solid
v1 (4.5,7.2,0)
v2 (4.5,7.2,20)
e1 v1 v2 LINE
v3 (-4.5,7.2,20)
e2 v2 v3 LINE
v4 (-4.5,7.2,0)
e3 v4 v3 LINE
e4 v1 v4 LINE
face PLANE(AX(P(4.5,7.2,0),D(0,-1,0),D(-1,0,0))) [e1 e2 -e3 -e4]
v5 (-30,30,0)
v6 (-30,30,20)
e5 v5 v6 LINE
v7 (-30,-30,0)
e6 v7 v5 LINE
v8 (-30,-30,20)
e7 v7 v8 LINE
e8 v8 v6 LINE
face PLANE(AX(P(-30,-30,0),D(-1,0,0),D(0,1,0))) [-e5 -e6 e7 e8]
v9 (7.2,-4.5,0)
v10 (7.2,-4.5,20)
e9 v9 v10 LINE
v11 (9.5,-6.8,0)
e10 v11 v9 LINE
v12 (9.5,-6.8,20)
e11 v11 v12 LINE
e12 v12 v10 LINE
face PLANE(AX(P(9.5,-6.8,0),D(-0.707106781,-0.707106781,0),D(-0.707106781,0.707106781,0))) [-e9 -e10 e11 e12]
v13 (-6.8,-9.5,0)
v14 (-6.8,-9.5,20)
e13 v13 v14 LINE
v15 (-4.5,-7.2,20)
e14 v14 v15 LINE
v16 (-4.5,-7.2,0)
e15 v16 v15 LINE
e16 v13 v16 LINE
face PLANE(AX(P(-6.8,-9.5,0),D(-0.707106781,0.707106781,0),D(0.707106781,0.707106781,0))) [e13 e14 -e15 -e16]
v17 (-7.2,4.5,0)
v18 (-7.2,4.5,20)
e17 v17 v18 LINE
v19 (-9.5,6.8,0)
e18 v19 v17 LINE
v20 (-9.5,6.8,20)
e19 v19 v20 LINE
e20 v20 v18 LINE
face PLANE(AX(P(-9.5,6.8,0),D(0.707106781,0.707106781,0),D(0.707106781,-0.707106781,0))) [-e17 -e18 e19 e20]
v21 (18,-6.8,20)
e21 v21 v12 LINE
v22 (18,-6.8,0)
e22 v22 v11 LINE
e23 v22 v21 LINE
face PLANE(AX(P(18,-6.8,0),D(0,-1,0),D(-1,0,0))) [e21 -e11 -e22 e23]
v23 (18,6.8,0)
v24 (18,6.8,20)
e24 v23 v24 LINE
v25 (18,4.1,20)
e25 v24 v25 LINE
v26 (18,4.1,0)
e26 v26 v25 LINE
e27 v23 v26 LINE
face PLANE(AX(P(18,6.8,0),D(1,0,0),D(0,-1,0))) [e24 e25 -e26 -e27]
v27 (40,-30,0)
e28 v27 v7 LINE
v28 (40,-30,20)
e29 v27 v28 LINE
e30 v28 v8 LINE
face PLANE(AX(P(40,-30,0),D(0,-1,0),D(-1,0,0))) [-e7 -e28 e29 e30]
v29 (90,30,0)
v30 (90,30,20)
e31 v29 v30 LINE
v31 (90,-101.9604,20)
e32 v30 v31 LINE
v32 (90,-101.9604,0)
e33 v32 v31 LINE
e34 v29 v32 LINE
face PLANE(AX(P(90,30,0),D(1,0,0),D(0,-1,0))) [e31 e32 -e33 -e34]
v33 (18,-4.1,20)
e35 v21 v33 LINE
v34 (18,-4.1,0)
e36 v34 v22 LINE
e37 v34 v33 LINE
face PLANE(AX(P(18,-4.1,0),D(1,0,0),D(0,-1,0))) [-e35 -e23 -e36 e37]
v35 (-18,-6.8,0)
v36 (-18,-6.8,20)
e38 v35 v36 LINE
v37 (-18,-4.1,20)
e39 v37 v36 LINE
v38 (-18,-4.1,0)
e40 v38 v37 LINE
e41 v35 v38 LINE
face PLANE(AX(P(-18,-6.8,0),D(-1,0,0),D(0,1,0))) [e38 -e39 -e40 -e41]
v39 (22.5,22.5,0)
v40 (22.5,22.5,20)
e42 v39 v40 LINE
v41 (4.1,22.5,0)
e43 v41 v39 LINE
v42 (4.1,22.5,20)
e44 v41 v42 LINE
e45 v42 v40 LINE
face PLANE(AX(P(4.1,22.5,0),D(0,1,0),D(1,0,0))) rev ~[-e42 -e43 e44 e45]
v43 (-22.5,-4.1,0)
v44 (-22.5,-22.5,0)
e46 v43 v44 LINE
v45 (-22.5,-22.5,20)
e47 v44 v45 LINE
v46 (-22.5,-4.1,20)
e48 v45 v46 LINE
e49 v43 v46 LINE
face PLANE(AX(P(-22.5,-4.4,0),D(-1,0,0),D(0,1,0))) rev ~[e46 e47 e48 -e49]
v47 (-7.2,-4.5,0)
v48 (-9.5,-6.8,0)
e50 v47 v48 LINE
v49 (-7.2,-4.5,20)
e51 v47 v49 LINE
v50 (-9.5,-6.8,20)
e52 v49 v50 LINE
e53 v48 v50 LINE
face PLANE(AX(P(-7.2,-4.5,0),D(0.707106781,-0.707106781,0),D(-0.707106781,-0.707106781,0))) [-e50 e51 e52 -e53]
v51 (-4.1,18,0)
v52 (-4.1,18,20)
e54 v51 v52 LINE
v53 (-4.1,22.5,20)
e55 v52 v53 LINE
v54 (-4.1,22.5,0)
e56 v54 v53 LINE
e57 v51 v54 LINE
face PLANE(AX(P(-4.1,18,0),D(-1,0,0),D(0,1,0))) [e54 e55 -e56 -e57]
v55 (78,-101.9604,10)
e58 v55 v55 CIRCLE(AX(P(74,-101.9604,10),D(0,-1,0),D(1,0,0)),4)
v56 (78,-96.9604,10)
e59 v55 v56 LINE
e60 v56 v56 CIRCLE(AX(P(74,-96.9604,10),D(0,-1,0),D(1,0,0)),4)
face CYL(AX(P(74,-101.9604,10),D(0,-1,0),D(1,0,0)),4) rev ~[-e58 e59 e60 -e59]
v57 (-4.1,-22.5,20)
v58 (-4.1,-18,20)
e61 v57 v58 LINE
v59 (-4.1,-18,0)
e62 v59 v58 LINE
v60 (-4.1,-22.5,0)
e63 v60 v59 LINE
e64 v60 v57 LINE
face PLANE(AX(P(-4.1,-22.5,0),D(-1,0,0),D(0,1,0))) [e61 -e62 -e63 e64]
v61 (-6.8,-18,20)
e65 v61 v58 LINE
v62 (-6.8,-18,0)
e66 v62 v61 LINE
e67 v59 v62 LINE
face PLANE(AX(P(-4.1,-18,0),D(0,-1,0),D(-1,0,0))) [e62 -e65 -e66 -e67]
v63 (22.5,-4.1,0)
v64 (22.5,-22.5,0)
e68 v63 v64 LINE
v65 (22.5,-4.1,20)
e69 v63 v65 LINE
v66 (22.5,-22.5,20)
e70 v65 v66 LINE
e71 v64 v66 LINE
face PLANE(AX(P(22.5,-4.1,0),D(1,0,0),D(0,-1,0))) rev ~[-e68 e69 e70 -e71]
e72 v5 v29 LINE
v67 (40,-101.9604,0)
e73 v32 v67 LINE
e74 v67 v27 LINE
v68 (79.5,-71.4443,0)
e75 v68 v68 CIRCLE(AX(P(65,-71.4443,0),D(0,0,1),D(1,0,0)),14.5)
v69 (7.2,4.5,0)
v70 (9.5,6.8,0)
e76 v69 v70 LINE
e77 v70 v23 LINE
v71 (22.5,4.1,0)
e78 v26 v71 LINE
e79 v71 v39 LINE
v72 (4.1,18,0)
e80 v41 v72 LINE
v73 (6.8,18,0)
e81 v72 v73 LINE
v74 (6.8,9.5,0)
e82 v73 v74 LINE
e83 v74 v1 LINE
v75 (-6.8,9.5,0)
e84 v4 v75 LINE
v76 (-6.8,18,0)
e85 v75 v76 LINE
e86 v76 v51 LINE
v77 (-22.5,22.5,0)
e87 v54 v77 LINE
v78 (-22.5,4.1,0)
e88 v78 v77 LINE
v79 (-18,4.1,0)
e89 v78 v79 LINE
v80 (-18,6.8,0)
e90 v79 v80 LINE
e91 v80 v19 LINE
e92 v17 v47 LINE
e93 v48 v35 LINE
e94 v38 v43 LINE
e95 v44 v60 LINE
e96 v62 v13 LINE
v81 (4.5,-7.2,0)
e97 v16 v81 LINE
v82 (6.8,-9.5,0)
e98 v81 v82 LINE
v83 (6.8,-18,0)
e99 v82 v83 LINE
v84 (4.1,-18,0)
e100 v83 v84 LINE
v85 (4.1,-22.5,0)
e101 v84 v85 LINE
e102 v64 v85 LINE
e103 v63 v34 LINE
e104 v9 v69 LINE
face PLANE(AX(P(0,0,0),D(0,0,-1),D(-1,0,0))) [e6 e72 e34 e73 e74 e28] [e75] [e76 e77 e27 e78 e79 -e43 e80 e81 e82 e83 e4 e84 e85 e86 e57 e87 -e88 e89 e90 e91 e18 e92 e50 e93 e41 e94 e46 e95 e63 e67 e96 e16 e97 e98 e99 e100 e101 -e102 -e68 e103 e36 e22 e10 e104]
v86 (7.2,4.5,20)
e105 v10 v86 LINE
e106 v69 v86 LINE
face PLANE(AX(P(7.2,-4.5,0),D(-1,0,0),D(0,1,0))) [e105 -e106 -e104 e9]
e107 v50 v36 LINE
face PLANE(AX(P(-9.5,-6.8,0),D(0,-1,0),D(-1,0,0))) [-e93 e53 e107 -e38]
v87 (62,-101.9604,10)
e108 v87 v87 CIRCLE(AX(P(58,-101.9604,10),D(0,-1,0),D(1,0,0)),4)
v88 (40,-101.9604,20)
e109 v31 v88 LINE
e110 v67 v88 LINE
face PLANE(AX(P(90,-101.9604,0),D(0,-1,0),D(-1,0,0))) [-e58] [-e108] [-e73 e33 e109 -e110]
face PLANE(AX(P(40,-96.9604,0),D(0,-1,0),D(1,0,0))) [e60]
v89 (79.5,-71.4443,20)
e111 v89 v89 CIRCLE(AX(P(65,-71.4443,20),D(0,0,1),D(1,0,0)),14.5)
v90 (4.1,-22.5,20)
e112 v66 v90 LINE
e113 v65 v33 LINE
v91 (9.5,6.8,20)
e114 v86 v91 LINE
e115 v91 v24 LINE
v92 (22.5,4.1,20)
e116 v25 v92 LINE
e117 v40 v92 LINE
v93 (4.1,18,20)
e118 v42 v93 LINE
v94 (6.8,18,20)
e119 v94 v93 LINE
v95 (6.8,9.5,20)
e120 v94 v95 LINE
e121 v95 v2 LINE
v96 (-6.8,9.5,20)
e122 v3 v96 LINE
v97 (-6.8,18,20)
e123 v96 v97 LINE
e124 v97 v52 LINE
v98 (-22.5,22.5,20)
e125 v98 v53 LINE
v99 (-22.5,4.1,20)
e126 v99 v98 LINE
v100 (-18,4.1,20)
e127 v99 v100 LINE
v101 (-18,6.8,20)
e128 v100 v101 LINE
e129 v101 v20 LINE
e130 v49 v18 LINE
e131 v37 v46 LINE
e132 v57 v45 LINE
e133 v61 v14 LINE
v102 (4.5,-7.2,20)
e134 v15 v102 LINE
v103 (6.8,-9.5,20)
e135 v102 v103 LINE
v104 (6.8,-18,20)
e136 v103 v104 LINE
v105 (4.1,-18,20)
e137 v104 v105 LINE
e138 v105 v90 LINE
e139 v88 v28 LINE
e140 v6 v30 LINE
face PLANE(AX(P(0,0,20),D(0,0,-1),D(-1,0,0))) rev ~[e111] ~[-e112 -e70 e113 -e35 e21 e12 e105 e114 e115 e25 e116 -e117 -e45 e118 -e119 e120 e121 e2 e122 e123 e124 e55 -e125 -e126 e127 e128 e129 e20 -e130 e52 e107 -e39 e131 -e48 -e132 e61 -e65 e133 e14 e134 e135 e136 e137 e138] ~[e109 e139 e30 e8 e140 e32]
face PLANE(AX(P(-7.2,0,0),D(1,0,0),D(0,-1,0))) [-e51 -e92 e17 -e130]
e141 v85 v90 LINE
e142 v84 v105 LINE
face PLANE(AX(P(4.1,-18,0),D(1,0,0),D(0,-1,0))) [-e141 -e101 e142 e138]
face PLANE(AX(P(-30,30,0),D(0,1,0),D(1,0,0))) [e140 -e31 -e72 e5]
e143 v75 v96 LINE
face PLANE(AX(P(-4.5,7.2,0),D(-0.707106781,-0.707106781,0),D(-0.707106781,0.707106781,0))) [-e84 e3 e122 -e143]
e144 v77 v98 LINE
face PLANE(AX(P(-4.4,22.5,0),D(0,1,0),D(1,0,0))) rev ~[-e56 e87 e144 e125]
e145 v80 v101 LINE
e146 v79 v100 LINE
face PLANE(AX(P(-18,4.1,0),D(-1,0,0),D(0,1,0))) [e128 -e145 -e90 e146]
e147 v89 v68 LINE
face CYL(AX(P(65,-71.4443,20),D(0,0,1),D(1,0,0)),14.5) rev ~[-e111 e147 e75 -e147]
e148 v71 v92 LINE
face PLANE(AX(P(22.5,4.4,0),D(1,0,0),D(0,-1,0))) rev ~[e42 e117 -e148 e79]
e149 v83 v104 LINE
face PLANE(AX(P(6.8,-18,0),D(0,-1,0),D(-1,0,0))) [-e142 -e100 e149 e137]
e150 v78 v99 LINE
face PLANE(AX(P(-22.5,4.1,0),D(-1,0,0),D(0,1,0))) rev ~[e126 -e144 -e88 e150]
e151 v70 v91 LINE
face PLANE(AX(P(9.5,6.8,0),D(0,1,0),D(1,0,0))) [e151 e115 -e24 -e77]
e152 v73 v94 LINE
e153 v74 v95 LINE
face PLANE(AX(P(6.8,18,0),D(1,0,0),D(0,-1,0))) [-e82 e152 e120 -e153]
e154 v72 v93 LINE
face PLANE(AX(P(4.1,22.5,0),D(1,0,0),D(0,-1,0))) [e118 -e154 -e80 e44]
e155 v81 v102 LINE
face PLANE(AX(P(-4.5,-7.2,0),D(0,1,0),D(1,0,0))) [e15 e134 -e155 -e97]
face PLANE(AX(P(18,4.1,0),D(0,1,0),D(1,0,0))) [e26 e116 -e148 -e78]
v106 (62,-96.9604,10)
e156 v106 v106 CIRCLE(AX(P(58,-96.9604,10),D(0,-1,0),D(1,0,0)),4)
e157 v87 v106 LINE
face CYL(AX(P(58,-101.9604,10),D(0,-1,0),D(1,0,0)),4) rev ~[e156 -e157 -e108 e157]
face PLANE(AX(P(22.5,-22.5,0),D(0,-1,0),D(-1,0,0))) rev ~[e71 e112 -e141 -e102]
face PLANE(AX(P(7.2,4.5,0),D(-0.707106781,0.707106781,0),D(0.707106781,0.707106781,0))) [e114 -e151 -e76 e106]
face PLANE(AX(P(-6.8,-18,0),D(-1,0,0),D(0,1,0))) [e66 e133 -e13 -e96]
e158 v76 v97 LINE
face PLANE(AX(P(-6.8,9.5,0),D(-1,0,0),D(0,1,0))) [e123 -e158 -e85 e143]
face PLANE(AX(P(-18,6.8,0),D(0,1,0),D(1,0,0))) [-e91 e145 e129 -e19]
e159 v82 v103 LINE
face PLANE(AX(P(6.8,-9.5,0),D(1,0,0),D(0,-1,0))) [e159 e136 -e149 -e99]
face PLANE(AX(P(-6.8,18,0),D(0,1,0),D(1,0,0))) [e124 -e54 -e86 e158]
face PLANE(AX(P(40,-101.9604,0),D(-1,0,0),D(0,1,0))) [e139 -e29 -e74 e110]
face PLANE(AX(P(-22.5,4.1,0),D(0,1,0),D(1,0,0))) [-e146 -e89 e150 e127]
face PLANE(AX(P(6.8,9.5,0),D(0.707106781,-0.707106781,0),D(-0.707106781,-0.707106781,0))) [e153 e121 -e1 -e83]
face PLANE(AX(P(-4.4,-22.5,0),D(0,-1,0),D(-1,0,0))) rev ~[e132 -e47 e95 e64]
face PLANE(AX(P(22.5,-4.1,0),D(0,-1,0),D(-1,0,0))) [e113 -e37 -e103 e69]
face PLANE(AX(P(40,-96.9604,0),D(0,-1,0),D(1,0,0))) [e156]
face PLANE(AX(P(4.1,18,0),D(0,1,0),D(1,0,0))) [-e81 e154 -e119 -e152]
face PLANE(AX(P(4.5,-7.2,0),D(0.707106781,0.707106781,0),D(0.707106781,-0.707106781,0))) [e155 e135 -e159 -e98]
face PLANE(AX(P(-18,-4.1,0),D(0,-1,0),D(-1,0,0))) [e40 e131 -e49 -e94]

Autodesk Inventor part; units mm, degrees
ref_plane "YZ Plane" through (0, 0, 0) normal (1, 0, 0) x (0, 1, 0)
ref_plane "XZ Plane" through (0, 0, 0) normal (0, 1, 0) x (-1, 0, 0)
ref_plane "XY Plane" through (0, 0, 0) normal (0, 0, 1) x (1, 0, 0)
sketch "Sketch1" plane through (0, 0, 0) normal (0, 0, 1) x (1, 0, 0)
  line L0 (-4.1, -22.5) -> (-4.1, -18)
  line L1 (-4.6, -18) -> (-6.8, -18)
  line L2 (-6.8, -18) -> (-6.8, -9.5)
  line L3 (-6.8, -9.5) -> (-4.5, -7.2)
  line L4 (-4.5, -7.2) -> (4.5, -7.2)
  line L5 (4.5, -7.2) -> (6.8, -9.5)
  line L6 (6.8, -9.5) -> (6.8, -18)
  line L7 (4.1, -18) -> (4.1, -22.5)
  line L8 (22.5, -4.1) -> (18, -4.1)
  line L9 (18, -4.6) -> (18, -6.8)
  line L10 (18, -6.8) -> (9.5, -6.8)
  line L11 (9.5, -6.8) -> (7.2, -4.5)
  line L12 (7.2, -4.5) -> (7.2, 4.5)
  line L13 (7.2, 4.5) -> (9.5, 6.8)
  line L14 (9.5, 6.8) -> (18, 6.8)
  line L15 (18, 4.1) -> (22.5, 4.1)
  line L16 (22.5, 22.5) -> (22.5, 4.4)
  line L17 (4.1, 22.5) -> (4.1, 18)
  line L18 (4.6, 18) -> (6.8, 18)
  line L19 (6.8, 18) -> (6.8, 9.5)
  line L20 (6.8, 9.5) -> (4.5, 7.2)
  line L21 (4.5, 7.2) -> (-4.5, 7.2)
  line L22 (-4.5, 7.2) -> (-6.8, 9.5)
  line L23 (-6.8, 9.5) -> (-6.8, 18)
  line L24 (-4.1, 18) -> (-4.1, 22.5)
  line L25 (-22.5, 22.5) -> (-4.4, 22.5)
  line L26 (-22.5, 4.1) -> (-18, 4.1)
  line L27 (-18, 6.8) -> (-9.5, 6.8)
  line L28 (-9.5, 6.8) -> (-7.2, 4.5)
  line L29 (-7.2, 4.5) -> (-7.2, -4.5)
  line L30 (-7.2, -4.5) -> (-9.5, -6.8)
  line L31 (-9.5, -6.8) -> (-18, -6.8)
  line L32 (-18, -6.8) -> (-18, -4.6)
  line L33 (-18, -4.1) -> (-22.5, -4.1)
  line L34 (-22.5, -22.5) -> (-22.5, -4.4)
  line L35 (-4.4, -22.5) -> (-22.5, -22.5)
  line L36 (-6.8, 18) -> (-4.1, 18)
  line L37 (4.1, 18) -> (4.6, 18)
  line L38 (-4.4, 22.5) -> (-3.1, 22.5)
  line L39 (3.1, 22.5) -> (22.5, 22.5)
  line L40 (18, 6.8) -> (18, 4.1)
  line L41 (18, -4.1) -> (18, -4.6)
  line L42 (22.5, 4.4) -> (22.5, 3.1)
  line L43 (22.5, -4.1) -> (22.5, -22.5)
  line L44 (6.8, -18) -> (4.1, -18)
  line L45 (-4.1, -18) -> (-4.6, -18)
  line L46 (22.5, -22.5) -> (4.1, -22.5)
  line L47 (-4.1, -22.5) -> (-4.4, -22.5)
  line L48 (-22.5, -4.4) -> (-22.5, -3.1)
  line L49 (-22.5, 3.1) -> (-22.5, 22.5)
  line L50 (-18, -4.6) -> (-18, -4.1)
  line L51 (-18, 4.1) -> (-18, 6.8)
  line L52 (-24.5, 24.5) -> (24.5, 24.5)
  line L53 (24.5, 24.5) -> (24.5, -24.5)
  line L54 (24.5, -24.5) -> (-24.5, -24.5)
  line L55 (-24.5, -24.5) -> (-24.5, 24.5)
  line L56 (-22.5, 3.1) -> (-17, 3.1)
  line L57 (-17, 5.8) -> (-9.5, 5.8)
  line L58 (-17, 3.1) -> (-17, 5.8)
  line L59 (-8.2, 4.5) -> (-8.2, 0)
  line L60 (-8.2, 4.5) -> (-9.5, 5.8)
  line L61 (-8.2, 4.5) -> (-5.6544, 4.5) construction
  line L62 (-24.5, 0) -> (0, 0)
  line L63 (-22.5, -3.1) -> (-17, -3.1)
  line L64 (-17, -3.1) -> (-17, -5.8)
  line L65 (-17, -5.8) -> (-9.5, -5.8)
  line L66 (-8.2, -4.5) -> (-8.2, 0)
  line L67 (-8.2, -4.5) -> (-9.5, -5.8)
  line L68 (-5.8, -17) -> (-5.8, -9.5)
  line L69 (-4.5, -8.2) -> (-5.8, -9.5)
  line L70 (-4.5, -8.2) -> (0, -8.2)
  line L71 (4.5, -8.2) -> (0, -8.2)
  line L72 (4.5, -8.2) -> (5.8, -9.5)
  line L73 (5.8, -17) -> (5.8, -9.5)
  line L74 (3.1, -17) -> (5.8, -17)
  line L75 (3.1, -22.5) -> (3.1, -17)
  line L76 (-3.1, -17) -> (-5.8, -17)
  line L77 (-3.1, -22.5) -> (-3.1, -17)
  line L78 (17, -5.8) -> (9.5, -5.8)
  line L79 (8.2, -4.5) -> (9.5, -5.8)
  line L80 (8.2, -4.5) -> (8.2, 0)
  line L81 (8.2, 4.5) -> (8.2, 0)
  line L82 (8.2, 4.5) -> (9.5, 5.8)
  line L83 (17, 5.8) -> (9.5, 5.8)
  line L84 (17, 3.1) -> (17, 5.8)
  line L85 (22.5, 3.1) -> (17, 3.1)
  line L86 (17, -3.1) -> (17, -5.8)
  line L87 (22.5, -3.1) -> (17, -3.1)
  line L88 (5.8, 17) -> (5.8, 9.5)
  line L89 (4.5, 8.2) -> (5.8, 9.5)
  line L90 (4.5, 8.2) -> (0, 8.2)
  line L91 (-4.5, 8.2) -> (0, 8.2)
  line L92 (-4.5, 8.2) -> (-5.8, 9.5)
  line L93 (-5.8, 17) -> (-5.8, 9.5)
  line L94 (-3.1, 17) -> (-5.8, 17)
  line L95 (-3.1, 22.5) -> (-3.1, 17)
  line L96 (3.1, 17) -> (5.8, 17)
  line L97 (3.1, 22.5) -> (3.1, 17)
  line L98 (22.5, -4.1) -> (22.5, -3.1)
  line L99 (4.1, -22.5) -> (3.1, -22.5)
  line L100 (-3.1, -22.5) -> (-4.1, -22.5)
  dimension "d7" = 45
  dimension "d8" = 49
  dimension "d9" = 49
  dimension "d11" = 24.5
  dimension "d12" = 24.5
  dimension "d13" = 1
  dimension "d14" = 1
  dimension "d15" = 1
  dimension "d16" = 135
  dimension "d17" = 4.5
  dimension "d20" = 360
extrude "Extrusion3" add sketch "Sketch1" along normal blind 20 contours L55 L52 L53 L54 | L0 L45 L1 L2 L3 L4 L5 L6 L44 L7 L99 L75 L74 L73 L72 L71 L70 L69 L68 L76 L77 L100 | L48 L63 L64 L65 L67 L66 L62 L29 L30 L31 L32 L50 L33 | L62 L59 L60 L57 L58 L56 L49 L26 L51 L27 L28 L29 | L8 L41 L9 L10 L11 L12 L13 L14 L40 L15 L42 L85 L84 L83 L82 L81 L80 L79 L78 L86 L87 L98 | L38 L95 L94 L93 L92 L91 L90 L89 L88 L96 L97 L39 L17 L37 L18 L19 L20 L21 L22 L23 L36 L24
sketch "Sketch3" plane through (0, 0, 0) normal (0, 0, -1) x (-1, 0, 0)
  line L0 (24.5, -24.5) -> (24.5, 24.5) projected
  line L1 (24.5, 24.5) -> (-24.5, 24.5) projected
  line L2 (-24.5, 24.5) -> (-24.5, -24.5) projected
  line L3 (-24.5, -24.5) -> (24.5, -24.5) projected
  line L4 (30, 30) -> (-90, 30)
  line L5 (-40, -30) -> (30, -30)
  line L6 (30, -30) -> (30, 30)
  line L7 (-90, -101.9604) -> (-40, -101.9604)
  line L8 (-40, -101.9604) -> (-40, -30)
  line L9 (-90, 30) -> (-90, -101.9604)
  point P0 (0, 0)
  dimension "d25" = 60
  dimension "d26" = 5.5
  dimension "d27" = 49
  dimension "d28" = 5.5
  dimension "d32" = 120
extrude "Extrusion4" add sketch "Sketch3" against normal blind 20
sketch "Sketch4" plane through (0, 0, 20) normal (0, 0, 1) x (1, 0, 0)
  circle A0 centre (65, -71.4443) radius 14.5
  line L0 (40, -101.9604) -> (90, -101.9604) projected
  line L1 (40, -30) -> (40, -101.9604) projected
  point P0 (0, 0)
  dimension "d33" = 29
  dimension "d34" = 50
  dimension "d35" = 25
extrude "Extrusion5" cut sketch "Sketch4" against normal up to next
sketch "Sketch5" plane through (40, -101.9604, 0) normal (0, -1, 0) x (1, 0, 0)
  line L0 (0, 20) -> (50, 20) projected
  line L1 (-70, 20) -> (0, 20) projected
  line L2 (-70, 0) -> (-70, 20) projected
  line L3 (0, 0) -> (-70, 0) projected
  line L4 (50, 0) -> (0, 0) projected
  line L5 (50, 0) -> (50, 20) projected
  circle A0 centre (34, 10) radius 4
  circle A1 centre (18, 10) radius 4
  line L6 (50, 0) -> (0, 0) projected
  line L7 (50, 0) -> (50, 20) projected
  line L8 (0, 20) -> (50, 20) projected
  line L9 (0, 0) -> (0, 20) projected
  point P0 (-40, 0)
  dimension "d38" = 8
  dimension "d39" = 8
  dimension "d40" = 16
  dimension "d41" = 20
  dimension "d42" = 10
  dimension "d43" = 10
  dimension "d44" = 32
extrude "Extrusion6" cut sketch "Sketch5" against normal blind 5 contours A0 | A1
equation "\"d9\" = d8"
equation "\"d11\" = 0.5 * d8"
equation "\"d12\" = d11"
equation "\"d26\" = d28"
equation "\"d28\" = -0.5 * d27 + 0.5 * d25"
equation "\"d35\" = 0.5 * d34"
equation "\"d39\" = d38"
equation "\"d42\" = 0.5 * d41"
equation "\"d43\" = d42"
equation "\"d44\" = d40 + 2 * d39"
properties part number "TrackPowerJoint" material "Aluminum-6061"
